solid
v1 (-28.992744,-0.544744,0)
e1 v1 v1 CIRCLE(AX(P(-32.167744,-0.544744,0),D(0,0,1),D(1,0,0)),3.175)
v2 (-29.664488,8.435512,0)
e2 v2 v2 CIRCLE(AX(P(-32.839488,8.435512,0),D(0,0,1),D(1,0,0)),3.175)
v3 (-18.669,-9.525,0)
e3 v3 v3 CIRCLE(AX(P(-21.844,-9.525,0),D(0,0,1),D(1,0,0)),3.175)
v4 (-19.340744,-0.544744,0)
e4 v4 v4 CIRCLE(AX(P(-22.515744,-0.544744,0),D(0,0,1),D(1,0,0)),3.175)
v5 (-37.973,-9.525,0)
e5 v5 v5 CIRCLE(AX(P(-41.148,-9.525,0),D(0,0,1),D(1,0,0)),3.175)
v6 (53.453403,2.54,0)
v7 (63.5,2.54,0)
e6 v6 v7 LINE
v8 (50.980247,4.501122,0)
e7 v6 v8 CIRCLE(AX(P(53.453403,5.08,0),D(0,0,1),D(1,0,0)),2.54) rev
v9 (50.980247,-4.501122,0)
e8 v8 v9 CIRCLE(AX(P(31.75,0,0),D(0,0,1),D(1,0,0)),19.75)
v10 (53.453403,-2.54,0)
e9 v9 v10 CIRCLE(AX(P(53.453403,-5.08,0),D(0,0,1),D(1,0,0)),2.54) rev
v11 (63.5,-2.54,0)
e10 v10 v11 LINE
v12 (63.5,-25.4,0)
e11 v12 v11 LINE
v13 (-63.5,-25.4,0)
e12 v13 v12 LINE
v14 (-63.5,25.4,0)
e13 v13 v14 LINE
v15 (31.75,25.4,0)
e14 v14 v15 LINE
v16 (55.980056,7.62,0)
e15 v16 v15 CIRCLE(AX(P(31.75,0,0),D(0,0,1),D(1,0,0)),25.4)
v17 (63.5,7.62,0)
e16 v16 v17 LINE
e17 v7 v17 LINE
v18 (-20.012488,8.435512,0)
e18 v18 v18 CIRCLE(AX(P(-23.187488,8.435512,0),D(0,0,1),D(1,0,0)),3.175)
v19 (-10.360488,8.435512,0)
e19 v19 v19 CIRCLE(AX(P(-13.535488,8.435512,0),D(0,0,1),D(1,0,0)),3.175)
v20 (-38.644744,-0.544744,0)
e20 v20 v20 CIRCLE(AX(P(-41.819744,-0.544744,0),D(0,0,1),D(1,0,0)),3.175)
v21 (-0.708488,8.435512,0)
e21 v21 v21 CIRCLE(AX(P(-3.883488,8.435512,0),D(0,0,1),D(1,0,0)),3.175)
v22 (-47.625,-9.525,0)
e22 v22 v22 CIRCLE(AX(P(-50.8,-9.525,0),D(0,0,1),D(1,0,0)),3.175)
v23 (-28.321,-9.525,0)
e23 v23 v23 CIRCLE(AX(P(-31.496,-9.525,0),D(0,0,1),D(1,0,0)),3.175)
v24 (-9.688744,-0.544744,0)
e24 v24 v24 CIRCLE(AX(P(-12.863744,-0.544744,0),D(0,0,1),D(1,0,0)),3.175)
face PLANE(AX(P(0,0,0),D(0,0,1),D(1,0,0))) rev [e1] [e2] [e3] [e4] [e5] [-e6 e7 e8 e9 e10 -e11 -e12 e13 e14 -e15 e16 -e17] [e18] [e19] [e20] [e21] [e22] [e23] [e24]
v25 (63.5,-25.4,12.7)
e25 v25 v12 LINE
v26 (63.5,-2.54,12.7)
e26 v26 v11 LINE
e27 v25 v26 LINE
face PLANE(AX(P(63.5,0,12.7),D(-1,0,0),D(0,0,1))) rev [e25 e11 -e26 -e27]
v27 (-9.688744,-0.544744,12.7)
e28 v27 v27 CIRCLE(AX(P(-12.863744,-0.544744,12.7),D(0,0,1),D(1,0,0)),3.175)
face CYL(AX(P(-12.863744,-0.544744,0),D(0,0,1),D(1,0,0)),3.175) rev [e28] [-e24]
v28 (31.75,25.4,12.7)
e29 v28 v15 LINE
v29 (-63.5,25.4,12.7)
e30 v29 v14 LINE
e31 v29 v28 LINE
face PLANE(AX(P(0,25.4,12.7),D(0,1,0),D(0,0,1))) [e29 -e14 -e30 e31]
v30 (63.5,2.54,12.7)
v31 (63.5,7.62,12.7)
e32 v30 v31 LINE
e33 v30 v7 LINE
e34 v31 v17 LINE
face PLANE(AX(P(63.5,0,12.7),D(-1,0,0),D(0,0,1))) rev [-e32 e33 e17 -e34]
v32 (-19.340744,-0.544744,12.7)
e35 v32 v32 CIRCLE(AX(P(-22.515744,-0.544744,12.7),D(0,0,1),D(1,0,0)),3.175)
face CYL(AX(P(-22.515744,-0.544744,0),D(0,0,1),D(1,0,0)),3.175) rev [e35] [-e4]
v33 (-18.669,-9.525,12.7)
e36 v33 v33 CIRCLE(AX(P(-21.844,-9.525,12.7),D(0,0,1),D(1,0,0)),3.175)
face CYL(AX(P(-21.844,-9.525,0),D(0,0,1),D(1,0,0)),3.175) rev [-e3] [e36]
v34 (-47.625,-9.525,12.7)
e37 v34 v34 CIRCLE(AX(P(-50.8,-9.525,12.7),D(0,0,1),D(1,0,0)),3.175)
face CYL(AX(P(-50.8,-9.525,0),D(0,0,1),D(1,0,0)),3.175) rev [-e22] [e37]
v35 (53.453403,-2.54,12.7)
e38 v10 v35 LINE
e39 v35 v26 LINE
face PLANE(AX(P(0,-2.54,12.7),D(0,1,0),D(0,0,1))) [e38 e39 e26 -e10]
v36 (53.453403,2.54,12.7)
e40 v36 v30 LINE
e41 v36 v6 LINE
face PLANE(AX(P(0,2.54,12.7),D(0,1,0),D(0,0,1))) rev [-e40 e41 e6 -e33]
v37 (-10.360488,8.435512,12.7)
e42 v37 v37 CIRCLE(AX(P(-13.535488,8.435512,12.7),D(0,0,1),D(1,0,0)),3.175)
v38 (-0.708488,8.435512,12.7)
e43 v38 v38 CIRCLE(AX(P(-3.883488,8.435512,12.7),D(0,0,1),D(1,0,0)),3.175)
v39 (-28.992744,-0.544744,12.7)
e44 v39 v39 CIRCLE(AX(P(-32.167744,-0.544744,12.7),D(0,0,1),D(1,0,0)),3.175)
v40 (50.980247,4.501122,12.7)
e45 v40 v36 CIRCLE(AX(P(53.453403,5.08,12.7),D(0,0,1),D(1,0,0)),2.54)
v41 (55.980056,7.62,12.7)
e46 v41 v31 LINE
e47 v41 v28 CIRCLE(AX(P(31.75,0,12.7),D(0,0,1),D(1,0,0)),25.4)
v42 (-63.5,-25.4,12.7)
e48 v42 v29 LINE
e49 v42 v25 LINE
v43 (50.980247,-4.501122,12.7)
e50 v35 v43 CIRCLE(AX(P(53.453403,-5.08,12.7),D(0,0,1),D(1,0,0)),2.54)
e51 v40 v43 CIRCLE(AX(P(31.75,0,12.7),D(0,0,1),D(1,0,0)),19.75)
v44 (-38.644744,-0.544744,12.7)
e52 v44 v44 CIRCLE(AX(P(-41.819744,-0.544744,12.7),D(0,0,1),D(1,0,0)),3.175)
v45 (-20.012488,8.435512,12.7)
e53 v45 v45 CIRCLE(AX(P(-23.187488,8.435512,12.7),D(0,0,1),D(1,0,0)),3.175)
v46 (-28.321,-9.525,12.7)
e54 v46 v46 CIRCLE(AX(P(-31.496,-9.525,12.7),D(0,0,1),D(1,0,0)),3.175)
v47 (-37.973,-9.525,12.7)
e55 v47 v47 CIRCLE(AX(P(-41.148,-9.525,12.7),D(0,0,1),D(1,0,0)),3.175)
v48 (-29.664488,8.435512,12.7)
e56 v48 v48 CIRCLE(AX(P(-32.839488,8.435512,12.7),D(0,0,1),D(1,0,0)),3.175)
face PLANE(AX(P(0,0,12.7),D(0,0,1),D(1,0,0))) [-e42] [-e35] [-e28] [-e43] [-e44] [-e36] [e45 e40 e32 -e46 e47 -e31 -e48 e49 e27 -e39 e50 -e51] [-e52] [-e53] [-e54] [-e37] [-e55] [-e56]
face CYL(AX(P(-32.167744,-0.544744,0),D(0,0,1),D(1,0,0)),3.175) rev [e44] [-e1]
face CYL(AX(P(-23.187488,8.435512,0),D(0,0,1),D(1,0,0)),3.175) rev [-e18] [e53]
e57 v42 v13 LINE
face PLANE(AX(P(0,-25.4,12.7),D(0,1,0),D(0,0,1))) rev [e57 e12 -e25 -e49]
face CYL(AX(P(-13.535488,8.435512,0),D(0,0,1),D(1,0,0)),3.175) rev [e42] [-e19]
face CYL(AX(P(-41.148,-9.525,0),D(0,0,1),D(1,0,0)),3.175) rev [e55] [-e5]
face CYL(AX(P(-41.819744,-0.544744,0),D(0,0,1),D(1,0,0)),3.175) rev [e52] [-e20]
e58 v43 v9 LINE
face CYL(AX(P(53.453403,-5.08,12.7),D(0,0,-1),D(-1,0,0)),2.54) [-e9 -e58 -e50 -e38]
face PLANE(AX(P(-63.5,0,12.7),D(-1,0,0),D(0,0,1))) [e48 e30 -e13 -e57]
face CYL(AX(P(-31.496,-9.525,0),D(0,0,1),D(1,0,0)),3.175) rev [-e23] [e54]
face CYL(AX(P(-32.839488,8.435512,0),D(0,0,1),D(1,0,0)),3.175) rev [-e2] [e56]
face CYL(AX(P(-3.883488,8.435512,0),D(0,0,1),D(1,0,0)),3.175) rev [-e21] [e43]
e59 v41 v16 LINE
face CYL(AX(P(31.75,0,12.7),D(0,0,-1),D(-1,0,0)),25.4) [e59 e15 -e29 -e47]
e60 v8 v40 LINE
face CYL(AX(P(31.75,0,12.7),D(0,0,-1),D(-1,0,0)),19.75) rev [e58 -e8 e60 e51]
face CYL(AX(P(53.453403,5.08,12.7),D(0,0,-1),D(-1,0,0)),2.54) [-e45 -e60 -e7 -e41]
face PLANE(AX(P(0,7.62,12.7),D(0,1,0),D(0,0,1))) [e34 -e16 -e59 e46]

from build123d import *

# Parameters (mm, degrees)
BOSS_EXTRUDE1_DEPTH = 12.7
FILLET2_R           = 2.54
SKETCH2_R           = 3.175
CUT_EXTRUDE1_DEPTH  = 12.7


with BuildPart() as part:
    # Sketch1 → Boss-Extrude1 (new body)
    with BuildSketch(Plane.XY):
        with BuildLine():
            ThreePointArc((31.750000111, -25.4), (6.35, -1.11e-07), (31.749999889, 25.4))
            Line((31.749999889, 25.4), (-63.5, 25.4))
            Line((-63.5, 25.4), (-63.5, -25.4))
            Line((-63.5, -25.4), (31.750000111, -25.4))
        make_face()
        with BuildLine():
            ThreePointArc((49.97081502, -7.62), (12, 0), (49.97081502, 7.62))
            Line((49.97081502, 7.62), (55.980055716, 7.62))
            ThreePointArc((55.980055716, 7.62), (46.776842604, 20.478134714), (31.749999889, 25.4))
            ThreePointArc((31.749999889, 25.4), (6.35, -1.11e-07), (31.750000111, -25.4))
            ThreePointArc((31.750000111, -25.4), (46.776842694, -20.478134648), (55.980055716, -7.62))
            Line((55.980055716, -7.62), (49.97081502, -7.62))
        make_face()
        with BuildLine():
            ThreePointArc((49.97081502, 7.62), (50.823284356, 5.125653506), (51.335987338, 2.54))
            Line((51.335987338, 2.54), (57.022680903, 2.54))
            ThreePointArc((57.022680903, 2.54), (56.631355132, 5.106678649), (55.980055716, 7.62))
            Line((55.980055716, 7.62), (49.97081502, 7.62))
        make_face()
        with BuildLine():
            ThreePointArc((55.980055716, 7.62), (56.631355132, 5.106678649), (57.022680903, 2.54))
            Line((57.022680903, 2.54), (63.5, 2.54))
            Line((63.5, 2.54), (63.5, 7.62))
            Line((63.5, 7.62), (55.980055716, 7.62))
        make_face()
        with BuildLine():
            Line((57.022680903, -2.54), (51.335987338, -2.54))
            ThreePointArc((51.335987338, -2.54), (50.823284356, -5.125653506), (49.97081502, -7.62))
            Line((49.97081502, -7.62), (55.980055716, -7.62))
            ThreePointArc((55.980055716, -7.62), (56.631355132, -5.106678649), (57.022680903, -2.54))
        make_face()
        with BuildLine():
            Line((63.5, -2.54), (57.022680903, -2.54))
            ThreePointArc((57.022680903, -2.54), (56.631355132, -5.106678649), (55.980055716, -7.62))
            Line((55.980055716, -7.62), (63.5, -7.62))
            Line((63.5, -7.62), (63.5, -2.54))
        make_face()
        with BuildLine():
            Line((63.5, -7.62), (55.980055716, -7.62))
            ThreePointArc((55.980055716, -7.62), (46.776842694, -20.478134648), (31.750000111, -25.4))
            Line((31.750000111, -25.4), (63.5, -25.4))
            Line((63.5, -25.4), (63.5, -7.62))
        make_face()
    extrude(amount=BOSS_EXTRUDE1_DEPTH)

    # Fillet2
    fillet2_edges = [part.edges().sort_by_distance(p)[0] for p in [
        (51.335987338, 2.54, 6.35),
        (51.335987338, -2.54, 6.35),
    ]]
    fillet(fillet2_edges, radius=FILLET2_R)

    # Sketch2 → Cut-Extrude1 (cut)
    with BuildSketch(Plane.XY.offset(12.7)):
        with Locations((-50.8, -9.525)):
            Circle(SKETCH2_R)
        with Locations((-41.819743879, -0.544743879)):
            Circle(SKETCH2_R)
        with Locations((-32.839487758, 8.435512242)):
            Circle(SKETCH2_R)
        with Locations((-41.148, -9.525)):
            Circle(SKETCH2_R)
        with Locations((-32.167743879, -0.544743879)):
            Circle(SKETCH2_R)
        with Locations((-23.187487758, 8.435512242)):
            Circle(SKETCH2_R)
        with Locations((-31.496, -9.525)):
            Circle(SKETCH2_R)
        with Locations((-22.515743879, -0.544743879)):
            Circle(SKETCH2_R)
        with Locations((-13.535487758, 8.435512242)):
            Circle(SKETCH2_R)
        with Locations((-21.844, -9.525)):
            Circle(SKETCH2_R)
        with Locations((-12.863743879, -0.544743879)):
            Circle(SKETCH2_R)
        with Locations((-3.883487758, 8.435512242)):
            Circle(SKETCH2_R)
    extrude(amount=-CUT_EXTRUDE1_DEPTH, mode=Mode.SUBTRACT)


solid = part.part
